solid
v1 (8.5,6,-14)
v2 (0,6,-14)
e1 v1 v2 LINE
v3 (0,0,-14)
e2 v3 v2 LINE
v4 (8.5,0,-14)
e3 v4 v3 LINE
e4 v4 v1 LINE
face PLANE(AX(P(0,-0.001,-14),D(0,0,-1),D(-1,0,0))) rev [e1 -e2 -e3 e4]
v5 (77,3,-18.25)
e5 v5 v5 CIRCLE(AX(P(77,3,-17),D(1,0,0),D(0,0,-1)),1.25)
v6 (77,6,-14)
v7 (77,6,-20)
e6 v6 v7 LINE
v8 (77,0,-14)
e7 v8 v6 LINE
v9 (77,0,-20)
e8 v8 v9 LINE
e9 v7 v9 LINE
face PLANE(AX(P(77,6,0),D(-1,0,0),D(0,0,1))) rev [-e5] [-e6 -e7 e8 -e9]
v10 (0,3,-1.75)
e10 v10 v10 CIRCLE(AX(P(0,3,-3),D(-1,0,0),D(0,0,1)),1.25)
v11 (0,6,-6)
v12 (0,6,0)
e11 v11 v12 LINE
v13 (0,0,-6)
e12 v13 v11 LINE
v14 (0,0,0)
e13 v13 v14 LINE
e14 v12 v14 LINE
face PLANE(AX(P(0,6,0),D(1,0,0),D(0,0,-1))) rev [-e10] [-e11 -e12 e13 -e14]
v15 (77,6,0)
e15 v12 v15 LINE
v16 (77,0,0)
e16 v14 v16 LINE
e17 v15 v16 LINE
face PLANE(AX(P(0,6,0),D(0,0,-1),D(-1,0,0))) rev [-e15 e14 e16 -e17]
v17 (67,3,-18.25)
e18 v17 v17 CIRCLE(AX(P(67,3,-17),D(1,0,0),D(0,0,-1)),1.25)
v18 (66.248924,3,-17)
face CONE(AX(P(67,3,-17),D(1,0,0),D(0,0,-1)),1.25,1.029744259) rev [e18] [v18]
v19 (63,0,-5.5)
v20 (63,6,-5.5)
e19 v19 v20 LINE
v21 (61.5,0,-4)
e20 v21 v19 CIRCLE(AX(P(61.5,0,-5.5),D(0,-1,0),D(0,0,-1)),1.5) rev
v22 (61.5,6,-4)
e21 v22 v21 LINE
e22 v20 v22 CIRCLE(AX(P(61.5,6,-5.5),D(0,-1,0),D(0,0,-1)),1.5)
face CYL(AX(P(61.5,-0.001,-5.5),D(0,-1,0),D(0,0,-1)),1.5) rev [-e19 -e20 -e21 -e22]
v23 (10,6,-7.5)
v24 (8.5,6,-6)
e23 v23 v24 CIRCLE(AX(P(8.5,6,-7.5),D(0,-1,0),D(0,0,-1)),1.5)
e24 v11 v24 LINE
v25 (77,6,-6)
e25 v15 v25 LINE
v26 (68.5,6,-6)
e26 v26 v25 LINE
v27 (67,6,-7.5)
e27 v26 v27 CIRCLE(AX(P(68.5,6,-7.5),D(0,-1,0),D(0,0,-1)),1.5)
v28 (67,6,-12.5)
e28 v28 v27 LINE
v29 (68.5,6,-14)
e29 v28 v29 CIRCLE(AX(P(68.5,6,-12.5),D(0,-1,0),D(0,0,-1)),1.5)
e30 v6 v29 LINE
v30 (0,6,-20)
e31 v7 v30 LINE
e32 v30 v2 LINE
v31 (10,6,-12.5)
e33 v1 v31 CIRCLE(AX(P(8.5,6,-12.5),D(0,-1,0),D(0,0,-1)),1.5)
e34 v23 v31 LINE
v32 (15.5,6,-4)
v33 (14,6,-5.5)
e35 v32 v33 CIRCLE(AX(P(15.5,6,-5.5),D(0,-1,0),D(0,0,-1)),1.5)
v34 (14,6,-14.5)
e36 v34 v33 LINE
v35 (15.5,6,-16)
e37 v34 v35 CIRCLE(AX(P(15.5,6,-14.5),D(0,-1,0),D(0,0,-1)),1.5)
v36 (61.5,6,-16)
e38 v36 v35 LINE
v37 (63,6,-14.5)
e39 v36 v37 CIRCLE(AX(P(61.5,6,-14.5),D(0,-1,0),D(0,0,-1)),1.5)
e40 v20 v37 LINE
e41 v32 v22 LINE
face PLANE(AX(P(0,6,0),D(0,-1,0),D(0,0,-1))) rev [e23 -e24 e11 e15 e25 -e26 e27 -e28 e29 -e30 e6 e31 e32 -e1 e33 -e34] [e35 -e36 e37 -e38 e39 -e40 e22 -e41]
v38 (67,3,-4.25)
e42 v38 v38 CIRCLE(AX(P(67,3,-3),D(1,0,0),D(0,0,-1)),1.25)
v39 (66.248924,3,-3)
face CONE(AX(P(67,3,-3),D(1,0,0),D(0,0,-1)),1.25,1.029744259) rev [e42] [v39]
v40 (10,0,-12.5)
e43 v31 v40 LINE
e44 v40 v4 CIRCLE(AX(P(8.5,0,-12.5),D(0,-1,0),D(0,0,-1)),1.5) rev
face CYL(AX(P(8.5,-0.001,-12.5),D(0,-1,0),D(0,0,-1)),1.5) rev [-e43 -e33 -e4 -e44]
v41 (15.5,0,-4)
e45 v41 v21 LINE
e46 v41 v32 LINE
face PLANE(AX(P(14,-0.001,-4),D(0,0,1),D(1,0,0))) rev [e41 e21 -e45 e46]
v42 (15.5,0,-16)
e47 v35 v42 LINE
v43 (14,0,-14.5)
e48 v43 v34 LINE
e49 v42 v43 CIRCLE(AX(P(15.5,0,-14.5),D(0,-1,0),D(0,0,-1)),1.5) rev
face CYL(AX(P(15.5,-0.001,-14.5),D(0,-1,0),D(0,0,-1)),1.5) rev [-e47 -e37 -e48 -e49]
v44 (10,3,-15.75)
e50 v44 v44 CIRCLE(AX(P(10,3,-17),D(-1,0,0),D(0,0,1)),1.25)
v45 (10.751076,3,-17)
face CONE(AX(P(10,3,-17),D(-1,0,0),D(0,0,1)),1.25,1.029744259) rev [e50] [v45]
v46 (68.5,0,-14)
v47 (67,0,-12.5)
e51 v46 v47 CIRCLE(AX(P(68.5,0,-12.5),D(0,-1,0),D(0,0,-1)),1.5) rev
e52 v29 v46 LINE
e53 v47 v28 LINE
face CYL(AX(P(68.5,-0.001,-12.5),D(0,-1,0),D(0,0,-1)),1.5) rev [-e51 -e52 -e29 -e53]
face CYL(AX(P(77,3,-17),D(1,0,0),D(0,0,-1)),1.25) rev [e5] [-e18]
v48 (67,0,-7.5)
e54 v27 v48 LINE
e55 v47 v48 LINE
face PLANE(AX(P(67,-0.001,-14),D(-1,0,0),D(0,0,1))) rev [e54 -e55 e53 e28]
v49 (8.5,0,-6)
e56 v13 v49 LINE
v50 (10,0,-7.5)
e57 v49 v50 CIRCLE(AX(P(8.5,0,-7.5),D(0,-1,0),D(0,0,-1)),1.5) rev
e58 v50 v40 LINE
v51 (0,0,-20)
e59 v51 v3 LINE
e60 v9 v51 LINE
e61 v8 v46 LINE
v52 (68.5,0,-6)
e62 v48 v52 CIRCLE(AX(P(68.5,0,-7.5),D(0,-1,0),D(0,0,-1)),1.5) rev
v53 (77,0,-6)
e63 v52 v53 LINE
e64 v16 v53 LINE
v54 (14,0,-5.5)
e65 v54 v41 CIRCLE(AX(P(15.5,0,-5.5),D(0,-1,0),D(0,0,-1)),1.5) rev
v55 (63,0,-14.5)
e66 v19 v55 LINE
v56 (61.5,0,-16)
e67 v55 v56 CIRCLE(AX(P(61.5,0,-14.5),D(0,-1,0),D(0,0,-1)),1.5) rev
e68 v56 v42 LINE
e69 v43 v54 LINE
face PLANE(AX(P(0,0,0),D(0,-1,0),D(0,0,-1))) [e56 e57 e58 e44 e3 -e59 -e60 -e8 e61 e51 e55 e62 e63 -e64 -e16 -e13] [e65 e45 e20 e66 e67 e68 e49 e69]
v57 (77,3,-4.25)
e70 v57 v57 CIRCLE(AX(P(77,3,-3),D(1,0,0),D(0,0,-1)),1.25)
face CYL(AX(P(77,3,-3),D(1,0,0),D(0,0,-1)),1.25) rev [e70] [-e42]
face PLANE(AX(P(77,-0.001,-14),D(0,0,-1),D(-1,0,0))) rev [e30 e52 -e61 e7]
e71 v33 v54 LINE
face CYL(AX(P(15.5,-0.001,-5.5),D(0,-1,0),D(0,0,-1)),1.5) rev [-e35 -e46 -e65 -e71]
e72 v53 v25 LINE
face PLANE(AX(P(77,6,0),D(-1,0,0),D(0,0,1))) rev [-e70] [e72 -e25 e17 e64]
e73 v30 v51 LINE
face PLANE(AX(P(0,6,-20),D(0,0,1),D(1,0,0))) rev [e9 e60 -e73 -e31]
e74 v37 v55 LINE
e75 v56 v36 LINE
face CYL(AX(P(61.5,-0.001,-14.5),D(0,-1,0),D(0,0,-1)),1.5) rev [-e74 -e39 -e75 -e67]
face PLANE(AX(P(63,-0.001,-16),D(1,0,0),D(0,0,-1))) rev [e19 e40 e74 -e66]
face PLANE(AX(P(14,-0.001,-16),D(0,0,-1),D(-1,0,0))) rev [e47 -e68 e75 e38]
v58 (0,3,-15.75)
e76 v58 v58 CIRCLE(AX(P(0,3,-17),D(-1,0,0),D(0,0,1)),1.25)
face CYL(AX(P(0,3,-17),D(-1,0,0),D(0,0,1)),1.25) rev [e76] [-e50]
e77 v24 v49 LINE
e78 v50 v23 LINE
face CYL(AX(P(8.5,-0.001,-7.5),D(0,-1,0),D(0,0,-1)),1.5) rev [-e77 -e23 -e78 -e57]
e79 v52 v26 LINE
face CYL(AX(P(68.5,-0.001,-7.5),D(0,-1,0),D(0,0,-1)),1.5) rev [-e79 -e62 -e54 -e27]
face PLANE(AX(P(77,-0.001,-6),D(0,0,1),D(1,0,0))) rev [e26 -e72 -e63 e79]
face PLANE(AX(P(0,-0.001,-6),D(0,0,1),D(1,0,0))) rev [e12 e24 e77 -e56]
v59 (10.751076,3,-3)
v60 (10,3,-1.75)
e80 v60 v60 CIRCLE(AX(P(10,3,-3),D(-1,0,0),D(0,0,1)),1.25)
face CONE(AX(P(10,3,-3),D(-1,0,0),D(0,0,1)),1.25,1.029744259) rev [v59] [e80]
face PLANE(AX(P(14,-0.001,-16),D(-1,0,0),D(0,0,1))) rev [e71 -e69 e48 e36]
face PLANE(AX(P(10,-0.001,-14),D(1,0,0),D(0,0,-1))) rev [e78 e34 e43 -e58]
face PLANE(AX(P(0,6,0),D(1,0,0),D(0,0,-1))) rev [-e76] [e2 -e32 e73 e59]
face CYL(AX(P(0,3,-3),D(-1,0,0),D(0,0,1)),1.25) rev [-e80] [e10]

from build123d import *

# Parameters (mm, degrees)
SKETCH1_W                   = 77
SKETCH1_H                   = 20
BOSS_EXTRUDE1_DEPTH         = 6
TAP_DRILL_FOR_M3_TAP1_D     = 2.5
TAP_DRILL_FOR_M3_TAP1_DEPTH = 10
TAP_DRILL_FOR_M3_TAP1_TIP   = 0.751075774
TAP_DRILL_FOR_M3_TAP2_D     = 2.5
TAP_DRILL_FOR_M3_TAP2_DEPTH = 10
TAP_DRILL_FOR_M3_TAP2_TIP   = 0.751075774
CUT_EXTRUDE1_REACH          = 81.781
SKETCH7_W                   = 10
SKETCH7_H                   = 8
SKETCH7_W_2                 = 49
SKETCH7_H_2                 = 12
FILLET1_R                   = 1.5


with BuildPart() as part:
    # Sketch1 → Boss-Extrude1 (new body)
    with BuildSketch(Plane(origin=(0, 0, 0), x_dir=(1, 0, 0), z_dir=(0, 1, 0))):
        with Locations((38.5, 10)):
            Rectangle(SKETCH1_W, SKETCH1_H)
    extrude(amount=BOSS_EXTRUDE1_DEPTH)

    # Tap Drill for M3 Tap1
    with Locations(Plane.ZY):
        with Locations((-17, 3), (-3, 3)):
            Hole(TAP_DRILL_FOR_M3_TAP1_D / 2, depth=TAP_DRILL_FOR_M3_TAP1_DEPTH)
            with Locations((0, 0, -(TAP_DRILL_FOR_M3_TAP1_DEPTH + TAP_DRILL_FOR_M3_TAP1_TIP / 2))):  # 118° drill point
                Cone(0, TAP_DRILL_FOR_M3_TAP1_D / 2, TAP_DRILL_FOR_M3_TAP1_TIP, mode=Mode.SUBTRACT)

    # Tap Drill for M3 Tap2
    with Locations(Plane(origin=(77, 0, 0), x_dir=(0, 0, -1), z_dir=(1, 0, 0))):
        with Locations((3, 3), (17, 3)):
            Hole(TAP_DRILL_FOR_M3_TAP2_D / 2, depth=TAP_DRILL_FOR_M3_TAP2_DEPTH)
            with Locations((0, 0, -(TAP_DRILL_FOR_M3_TAP2_DEPTH + TAP_DRILL_FOR_M3_TAP2_TIP / 2))):  # 118° drill point
                Cone(0, TAP_DRILL_FOR_M3_TAP2_D / 2, TAP_DRILL_FOR_M3_TAP2_TIP, mode=Mode.SUBTRACT)

    # Sketch7 → Cut-Extrude1 (cut, up to next)
    with BuildSketch(Plane(origin=(0, 6, 0), x_dir=(1, 0, 0), z_dir=(0, 1, 0)), mode=Mode.PRIVATE) as cut_extrude1_sk1:
        with Locations((5, 10)):
            Rectangle(SKETCH7_W, SKETCH7_H)
    cut_extrude1_tool1 = extrude(cut_extrude1_sk1.sketch, amount=-CUT_EXTRUDE1_REACH, mode=Mode.PRIVATE) & part.part
    # Sketch7 → Cut-Extrude1 (cut, up to next)
    with BuildSketch(Plane(origin=(0, 6, 0), x_dir=(1, 0, 0), z_dir=(0, 1, 0)), mode=Mode.PRIVATE) as cut_extrude1_sk2:
        with Locations((38.5, 10)):
            Rectangle(SKETCH7_W_2, SKETCH7_H_2)
    cut_extrude1_tool2 = extrude(cut_extrude1_sk2.sketch, amount=-CUT_EXTRUDE1_REACH, mode=Mode.PRIVATE) & part.part
    # Sketch7 → Cut-Extrude1 (cut, up to next)
    with BuildSketch(Plane(origin=(0, 6, 0), x_dir=(1, 0, 0), z_dir=(0, 1, 0)), mode=Mode.PRIVATE) as cut_extrude1_sk3:
        with Locations((72, 10)):
            Rectangle(SKETCH7_W, SKETCH7_H)
    cut_extrude1_tool3 = extrude(cut_extrude1_sk3.sketch, amount=-CUT_EXTRUDE1_REACH, mode=Mode.PRIVATE) & part.part
    add(cut_extrude1_tool1.solids().sort_by_distance((5, 6, -10))[0], mode=Mode.SUBTRACT)
    add(cut_extrude1_tool2.solids().sort_by_distance((38.5, 6, -10))[0], mode=Mode.SUBTRACT)
    add(cut_extrude1_tool3.solids().sort_by_distance((72, 6, -10))[0], mode=Mode.SUBTRACT)

    # Fillet1
    fillet1_edges = [part.edges().sort_by_distance(p)[0] for p in [
        (10, 3, -14),
        (10, 3, -6),
        (14, 3, -4),
        (14, 3, -16),
        (63, 3, -16),
        (63, 3, -4),
        (67, 3, -6),
        (67, 3, -14),
    ]]
    fillet(fillet1_edges, radius=FILLET1_R)


solid = part.part
